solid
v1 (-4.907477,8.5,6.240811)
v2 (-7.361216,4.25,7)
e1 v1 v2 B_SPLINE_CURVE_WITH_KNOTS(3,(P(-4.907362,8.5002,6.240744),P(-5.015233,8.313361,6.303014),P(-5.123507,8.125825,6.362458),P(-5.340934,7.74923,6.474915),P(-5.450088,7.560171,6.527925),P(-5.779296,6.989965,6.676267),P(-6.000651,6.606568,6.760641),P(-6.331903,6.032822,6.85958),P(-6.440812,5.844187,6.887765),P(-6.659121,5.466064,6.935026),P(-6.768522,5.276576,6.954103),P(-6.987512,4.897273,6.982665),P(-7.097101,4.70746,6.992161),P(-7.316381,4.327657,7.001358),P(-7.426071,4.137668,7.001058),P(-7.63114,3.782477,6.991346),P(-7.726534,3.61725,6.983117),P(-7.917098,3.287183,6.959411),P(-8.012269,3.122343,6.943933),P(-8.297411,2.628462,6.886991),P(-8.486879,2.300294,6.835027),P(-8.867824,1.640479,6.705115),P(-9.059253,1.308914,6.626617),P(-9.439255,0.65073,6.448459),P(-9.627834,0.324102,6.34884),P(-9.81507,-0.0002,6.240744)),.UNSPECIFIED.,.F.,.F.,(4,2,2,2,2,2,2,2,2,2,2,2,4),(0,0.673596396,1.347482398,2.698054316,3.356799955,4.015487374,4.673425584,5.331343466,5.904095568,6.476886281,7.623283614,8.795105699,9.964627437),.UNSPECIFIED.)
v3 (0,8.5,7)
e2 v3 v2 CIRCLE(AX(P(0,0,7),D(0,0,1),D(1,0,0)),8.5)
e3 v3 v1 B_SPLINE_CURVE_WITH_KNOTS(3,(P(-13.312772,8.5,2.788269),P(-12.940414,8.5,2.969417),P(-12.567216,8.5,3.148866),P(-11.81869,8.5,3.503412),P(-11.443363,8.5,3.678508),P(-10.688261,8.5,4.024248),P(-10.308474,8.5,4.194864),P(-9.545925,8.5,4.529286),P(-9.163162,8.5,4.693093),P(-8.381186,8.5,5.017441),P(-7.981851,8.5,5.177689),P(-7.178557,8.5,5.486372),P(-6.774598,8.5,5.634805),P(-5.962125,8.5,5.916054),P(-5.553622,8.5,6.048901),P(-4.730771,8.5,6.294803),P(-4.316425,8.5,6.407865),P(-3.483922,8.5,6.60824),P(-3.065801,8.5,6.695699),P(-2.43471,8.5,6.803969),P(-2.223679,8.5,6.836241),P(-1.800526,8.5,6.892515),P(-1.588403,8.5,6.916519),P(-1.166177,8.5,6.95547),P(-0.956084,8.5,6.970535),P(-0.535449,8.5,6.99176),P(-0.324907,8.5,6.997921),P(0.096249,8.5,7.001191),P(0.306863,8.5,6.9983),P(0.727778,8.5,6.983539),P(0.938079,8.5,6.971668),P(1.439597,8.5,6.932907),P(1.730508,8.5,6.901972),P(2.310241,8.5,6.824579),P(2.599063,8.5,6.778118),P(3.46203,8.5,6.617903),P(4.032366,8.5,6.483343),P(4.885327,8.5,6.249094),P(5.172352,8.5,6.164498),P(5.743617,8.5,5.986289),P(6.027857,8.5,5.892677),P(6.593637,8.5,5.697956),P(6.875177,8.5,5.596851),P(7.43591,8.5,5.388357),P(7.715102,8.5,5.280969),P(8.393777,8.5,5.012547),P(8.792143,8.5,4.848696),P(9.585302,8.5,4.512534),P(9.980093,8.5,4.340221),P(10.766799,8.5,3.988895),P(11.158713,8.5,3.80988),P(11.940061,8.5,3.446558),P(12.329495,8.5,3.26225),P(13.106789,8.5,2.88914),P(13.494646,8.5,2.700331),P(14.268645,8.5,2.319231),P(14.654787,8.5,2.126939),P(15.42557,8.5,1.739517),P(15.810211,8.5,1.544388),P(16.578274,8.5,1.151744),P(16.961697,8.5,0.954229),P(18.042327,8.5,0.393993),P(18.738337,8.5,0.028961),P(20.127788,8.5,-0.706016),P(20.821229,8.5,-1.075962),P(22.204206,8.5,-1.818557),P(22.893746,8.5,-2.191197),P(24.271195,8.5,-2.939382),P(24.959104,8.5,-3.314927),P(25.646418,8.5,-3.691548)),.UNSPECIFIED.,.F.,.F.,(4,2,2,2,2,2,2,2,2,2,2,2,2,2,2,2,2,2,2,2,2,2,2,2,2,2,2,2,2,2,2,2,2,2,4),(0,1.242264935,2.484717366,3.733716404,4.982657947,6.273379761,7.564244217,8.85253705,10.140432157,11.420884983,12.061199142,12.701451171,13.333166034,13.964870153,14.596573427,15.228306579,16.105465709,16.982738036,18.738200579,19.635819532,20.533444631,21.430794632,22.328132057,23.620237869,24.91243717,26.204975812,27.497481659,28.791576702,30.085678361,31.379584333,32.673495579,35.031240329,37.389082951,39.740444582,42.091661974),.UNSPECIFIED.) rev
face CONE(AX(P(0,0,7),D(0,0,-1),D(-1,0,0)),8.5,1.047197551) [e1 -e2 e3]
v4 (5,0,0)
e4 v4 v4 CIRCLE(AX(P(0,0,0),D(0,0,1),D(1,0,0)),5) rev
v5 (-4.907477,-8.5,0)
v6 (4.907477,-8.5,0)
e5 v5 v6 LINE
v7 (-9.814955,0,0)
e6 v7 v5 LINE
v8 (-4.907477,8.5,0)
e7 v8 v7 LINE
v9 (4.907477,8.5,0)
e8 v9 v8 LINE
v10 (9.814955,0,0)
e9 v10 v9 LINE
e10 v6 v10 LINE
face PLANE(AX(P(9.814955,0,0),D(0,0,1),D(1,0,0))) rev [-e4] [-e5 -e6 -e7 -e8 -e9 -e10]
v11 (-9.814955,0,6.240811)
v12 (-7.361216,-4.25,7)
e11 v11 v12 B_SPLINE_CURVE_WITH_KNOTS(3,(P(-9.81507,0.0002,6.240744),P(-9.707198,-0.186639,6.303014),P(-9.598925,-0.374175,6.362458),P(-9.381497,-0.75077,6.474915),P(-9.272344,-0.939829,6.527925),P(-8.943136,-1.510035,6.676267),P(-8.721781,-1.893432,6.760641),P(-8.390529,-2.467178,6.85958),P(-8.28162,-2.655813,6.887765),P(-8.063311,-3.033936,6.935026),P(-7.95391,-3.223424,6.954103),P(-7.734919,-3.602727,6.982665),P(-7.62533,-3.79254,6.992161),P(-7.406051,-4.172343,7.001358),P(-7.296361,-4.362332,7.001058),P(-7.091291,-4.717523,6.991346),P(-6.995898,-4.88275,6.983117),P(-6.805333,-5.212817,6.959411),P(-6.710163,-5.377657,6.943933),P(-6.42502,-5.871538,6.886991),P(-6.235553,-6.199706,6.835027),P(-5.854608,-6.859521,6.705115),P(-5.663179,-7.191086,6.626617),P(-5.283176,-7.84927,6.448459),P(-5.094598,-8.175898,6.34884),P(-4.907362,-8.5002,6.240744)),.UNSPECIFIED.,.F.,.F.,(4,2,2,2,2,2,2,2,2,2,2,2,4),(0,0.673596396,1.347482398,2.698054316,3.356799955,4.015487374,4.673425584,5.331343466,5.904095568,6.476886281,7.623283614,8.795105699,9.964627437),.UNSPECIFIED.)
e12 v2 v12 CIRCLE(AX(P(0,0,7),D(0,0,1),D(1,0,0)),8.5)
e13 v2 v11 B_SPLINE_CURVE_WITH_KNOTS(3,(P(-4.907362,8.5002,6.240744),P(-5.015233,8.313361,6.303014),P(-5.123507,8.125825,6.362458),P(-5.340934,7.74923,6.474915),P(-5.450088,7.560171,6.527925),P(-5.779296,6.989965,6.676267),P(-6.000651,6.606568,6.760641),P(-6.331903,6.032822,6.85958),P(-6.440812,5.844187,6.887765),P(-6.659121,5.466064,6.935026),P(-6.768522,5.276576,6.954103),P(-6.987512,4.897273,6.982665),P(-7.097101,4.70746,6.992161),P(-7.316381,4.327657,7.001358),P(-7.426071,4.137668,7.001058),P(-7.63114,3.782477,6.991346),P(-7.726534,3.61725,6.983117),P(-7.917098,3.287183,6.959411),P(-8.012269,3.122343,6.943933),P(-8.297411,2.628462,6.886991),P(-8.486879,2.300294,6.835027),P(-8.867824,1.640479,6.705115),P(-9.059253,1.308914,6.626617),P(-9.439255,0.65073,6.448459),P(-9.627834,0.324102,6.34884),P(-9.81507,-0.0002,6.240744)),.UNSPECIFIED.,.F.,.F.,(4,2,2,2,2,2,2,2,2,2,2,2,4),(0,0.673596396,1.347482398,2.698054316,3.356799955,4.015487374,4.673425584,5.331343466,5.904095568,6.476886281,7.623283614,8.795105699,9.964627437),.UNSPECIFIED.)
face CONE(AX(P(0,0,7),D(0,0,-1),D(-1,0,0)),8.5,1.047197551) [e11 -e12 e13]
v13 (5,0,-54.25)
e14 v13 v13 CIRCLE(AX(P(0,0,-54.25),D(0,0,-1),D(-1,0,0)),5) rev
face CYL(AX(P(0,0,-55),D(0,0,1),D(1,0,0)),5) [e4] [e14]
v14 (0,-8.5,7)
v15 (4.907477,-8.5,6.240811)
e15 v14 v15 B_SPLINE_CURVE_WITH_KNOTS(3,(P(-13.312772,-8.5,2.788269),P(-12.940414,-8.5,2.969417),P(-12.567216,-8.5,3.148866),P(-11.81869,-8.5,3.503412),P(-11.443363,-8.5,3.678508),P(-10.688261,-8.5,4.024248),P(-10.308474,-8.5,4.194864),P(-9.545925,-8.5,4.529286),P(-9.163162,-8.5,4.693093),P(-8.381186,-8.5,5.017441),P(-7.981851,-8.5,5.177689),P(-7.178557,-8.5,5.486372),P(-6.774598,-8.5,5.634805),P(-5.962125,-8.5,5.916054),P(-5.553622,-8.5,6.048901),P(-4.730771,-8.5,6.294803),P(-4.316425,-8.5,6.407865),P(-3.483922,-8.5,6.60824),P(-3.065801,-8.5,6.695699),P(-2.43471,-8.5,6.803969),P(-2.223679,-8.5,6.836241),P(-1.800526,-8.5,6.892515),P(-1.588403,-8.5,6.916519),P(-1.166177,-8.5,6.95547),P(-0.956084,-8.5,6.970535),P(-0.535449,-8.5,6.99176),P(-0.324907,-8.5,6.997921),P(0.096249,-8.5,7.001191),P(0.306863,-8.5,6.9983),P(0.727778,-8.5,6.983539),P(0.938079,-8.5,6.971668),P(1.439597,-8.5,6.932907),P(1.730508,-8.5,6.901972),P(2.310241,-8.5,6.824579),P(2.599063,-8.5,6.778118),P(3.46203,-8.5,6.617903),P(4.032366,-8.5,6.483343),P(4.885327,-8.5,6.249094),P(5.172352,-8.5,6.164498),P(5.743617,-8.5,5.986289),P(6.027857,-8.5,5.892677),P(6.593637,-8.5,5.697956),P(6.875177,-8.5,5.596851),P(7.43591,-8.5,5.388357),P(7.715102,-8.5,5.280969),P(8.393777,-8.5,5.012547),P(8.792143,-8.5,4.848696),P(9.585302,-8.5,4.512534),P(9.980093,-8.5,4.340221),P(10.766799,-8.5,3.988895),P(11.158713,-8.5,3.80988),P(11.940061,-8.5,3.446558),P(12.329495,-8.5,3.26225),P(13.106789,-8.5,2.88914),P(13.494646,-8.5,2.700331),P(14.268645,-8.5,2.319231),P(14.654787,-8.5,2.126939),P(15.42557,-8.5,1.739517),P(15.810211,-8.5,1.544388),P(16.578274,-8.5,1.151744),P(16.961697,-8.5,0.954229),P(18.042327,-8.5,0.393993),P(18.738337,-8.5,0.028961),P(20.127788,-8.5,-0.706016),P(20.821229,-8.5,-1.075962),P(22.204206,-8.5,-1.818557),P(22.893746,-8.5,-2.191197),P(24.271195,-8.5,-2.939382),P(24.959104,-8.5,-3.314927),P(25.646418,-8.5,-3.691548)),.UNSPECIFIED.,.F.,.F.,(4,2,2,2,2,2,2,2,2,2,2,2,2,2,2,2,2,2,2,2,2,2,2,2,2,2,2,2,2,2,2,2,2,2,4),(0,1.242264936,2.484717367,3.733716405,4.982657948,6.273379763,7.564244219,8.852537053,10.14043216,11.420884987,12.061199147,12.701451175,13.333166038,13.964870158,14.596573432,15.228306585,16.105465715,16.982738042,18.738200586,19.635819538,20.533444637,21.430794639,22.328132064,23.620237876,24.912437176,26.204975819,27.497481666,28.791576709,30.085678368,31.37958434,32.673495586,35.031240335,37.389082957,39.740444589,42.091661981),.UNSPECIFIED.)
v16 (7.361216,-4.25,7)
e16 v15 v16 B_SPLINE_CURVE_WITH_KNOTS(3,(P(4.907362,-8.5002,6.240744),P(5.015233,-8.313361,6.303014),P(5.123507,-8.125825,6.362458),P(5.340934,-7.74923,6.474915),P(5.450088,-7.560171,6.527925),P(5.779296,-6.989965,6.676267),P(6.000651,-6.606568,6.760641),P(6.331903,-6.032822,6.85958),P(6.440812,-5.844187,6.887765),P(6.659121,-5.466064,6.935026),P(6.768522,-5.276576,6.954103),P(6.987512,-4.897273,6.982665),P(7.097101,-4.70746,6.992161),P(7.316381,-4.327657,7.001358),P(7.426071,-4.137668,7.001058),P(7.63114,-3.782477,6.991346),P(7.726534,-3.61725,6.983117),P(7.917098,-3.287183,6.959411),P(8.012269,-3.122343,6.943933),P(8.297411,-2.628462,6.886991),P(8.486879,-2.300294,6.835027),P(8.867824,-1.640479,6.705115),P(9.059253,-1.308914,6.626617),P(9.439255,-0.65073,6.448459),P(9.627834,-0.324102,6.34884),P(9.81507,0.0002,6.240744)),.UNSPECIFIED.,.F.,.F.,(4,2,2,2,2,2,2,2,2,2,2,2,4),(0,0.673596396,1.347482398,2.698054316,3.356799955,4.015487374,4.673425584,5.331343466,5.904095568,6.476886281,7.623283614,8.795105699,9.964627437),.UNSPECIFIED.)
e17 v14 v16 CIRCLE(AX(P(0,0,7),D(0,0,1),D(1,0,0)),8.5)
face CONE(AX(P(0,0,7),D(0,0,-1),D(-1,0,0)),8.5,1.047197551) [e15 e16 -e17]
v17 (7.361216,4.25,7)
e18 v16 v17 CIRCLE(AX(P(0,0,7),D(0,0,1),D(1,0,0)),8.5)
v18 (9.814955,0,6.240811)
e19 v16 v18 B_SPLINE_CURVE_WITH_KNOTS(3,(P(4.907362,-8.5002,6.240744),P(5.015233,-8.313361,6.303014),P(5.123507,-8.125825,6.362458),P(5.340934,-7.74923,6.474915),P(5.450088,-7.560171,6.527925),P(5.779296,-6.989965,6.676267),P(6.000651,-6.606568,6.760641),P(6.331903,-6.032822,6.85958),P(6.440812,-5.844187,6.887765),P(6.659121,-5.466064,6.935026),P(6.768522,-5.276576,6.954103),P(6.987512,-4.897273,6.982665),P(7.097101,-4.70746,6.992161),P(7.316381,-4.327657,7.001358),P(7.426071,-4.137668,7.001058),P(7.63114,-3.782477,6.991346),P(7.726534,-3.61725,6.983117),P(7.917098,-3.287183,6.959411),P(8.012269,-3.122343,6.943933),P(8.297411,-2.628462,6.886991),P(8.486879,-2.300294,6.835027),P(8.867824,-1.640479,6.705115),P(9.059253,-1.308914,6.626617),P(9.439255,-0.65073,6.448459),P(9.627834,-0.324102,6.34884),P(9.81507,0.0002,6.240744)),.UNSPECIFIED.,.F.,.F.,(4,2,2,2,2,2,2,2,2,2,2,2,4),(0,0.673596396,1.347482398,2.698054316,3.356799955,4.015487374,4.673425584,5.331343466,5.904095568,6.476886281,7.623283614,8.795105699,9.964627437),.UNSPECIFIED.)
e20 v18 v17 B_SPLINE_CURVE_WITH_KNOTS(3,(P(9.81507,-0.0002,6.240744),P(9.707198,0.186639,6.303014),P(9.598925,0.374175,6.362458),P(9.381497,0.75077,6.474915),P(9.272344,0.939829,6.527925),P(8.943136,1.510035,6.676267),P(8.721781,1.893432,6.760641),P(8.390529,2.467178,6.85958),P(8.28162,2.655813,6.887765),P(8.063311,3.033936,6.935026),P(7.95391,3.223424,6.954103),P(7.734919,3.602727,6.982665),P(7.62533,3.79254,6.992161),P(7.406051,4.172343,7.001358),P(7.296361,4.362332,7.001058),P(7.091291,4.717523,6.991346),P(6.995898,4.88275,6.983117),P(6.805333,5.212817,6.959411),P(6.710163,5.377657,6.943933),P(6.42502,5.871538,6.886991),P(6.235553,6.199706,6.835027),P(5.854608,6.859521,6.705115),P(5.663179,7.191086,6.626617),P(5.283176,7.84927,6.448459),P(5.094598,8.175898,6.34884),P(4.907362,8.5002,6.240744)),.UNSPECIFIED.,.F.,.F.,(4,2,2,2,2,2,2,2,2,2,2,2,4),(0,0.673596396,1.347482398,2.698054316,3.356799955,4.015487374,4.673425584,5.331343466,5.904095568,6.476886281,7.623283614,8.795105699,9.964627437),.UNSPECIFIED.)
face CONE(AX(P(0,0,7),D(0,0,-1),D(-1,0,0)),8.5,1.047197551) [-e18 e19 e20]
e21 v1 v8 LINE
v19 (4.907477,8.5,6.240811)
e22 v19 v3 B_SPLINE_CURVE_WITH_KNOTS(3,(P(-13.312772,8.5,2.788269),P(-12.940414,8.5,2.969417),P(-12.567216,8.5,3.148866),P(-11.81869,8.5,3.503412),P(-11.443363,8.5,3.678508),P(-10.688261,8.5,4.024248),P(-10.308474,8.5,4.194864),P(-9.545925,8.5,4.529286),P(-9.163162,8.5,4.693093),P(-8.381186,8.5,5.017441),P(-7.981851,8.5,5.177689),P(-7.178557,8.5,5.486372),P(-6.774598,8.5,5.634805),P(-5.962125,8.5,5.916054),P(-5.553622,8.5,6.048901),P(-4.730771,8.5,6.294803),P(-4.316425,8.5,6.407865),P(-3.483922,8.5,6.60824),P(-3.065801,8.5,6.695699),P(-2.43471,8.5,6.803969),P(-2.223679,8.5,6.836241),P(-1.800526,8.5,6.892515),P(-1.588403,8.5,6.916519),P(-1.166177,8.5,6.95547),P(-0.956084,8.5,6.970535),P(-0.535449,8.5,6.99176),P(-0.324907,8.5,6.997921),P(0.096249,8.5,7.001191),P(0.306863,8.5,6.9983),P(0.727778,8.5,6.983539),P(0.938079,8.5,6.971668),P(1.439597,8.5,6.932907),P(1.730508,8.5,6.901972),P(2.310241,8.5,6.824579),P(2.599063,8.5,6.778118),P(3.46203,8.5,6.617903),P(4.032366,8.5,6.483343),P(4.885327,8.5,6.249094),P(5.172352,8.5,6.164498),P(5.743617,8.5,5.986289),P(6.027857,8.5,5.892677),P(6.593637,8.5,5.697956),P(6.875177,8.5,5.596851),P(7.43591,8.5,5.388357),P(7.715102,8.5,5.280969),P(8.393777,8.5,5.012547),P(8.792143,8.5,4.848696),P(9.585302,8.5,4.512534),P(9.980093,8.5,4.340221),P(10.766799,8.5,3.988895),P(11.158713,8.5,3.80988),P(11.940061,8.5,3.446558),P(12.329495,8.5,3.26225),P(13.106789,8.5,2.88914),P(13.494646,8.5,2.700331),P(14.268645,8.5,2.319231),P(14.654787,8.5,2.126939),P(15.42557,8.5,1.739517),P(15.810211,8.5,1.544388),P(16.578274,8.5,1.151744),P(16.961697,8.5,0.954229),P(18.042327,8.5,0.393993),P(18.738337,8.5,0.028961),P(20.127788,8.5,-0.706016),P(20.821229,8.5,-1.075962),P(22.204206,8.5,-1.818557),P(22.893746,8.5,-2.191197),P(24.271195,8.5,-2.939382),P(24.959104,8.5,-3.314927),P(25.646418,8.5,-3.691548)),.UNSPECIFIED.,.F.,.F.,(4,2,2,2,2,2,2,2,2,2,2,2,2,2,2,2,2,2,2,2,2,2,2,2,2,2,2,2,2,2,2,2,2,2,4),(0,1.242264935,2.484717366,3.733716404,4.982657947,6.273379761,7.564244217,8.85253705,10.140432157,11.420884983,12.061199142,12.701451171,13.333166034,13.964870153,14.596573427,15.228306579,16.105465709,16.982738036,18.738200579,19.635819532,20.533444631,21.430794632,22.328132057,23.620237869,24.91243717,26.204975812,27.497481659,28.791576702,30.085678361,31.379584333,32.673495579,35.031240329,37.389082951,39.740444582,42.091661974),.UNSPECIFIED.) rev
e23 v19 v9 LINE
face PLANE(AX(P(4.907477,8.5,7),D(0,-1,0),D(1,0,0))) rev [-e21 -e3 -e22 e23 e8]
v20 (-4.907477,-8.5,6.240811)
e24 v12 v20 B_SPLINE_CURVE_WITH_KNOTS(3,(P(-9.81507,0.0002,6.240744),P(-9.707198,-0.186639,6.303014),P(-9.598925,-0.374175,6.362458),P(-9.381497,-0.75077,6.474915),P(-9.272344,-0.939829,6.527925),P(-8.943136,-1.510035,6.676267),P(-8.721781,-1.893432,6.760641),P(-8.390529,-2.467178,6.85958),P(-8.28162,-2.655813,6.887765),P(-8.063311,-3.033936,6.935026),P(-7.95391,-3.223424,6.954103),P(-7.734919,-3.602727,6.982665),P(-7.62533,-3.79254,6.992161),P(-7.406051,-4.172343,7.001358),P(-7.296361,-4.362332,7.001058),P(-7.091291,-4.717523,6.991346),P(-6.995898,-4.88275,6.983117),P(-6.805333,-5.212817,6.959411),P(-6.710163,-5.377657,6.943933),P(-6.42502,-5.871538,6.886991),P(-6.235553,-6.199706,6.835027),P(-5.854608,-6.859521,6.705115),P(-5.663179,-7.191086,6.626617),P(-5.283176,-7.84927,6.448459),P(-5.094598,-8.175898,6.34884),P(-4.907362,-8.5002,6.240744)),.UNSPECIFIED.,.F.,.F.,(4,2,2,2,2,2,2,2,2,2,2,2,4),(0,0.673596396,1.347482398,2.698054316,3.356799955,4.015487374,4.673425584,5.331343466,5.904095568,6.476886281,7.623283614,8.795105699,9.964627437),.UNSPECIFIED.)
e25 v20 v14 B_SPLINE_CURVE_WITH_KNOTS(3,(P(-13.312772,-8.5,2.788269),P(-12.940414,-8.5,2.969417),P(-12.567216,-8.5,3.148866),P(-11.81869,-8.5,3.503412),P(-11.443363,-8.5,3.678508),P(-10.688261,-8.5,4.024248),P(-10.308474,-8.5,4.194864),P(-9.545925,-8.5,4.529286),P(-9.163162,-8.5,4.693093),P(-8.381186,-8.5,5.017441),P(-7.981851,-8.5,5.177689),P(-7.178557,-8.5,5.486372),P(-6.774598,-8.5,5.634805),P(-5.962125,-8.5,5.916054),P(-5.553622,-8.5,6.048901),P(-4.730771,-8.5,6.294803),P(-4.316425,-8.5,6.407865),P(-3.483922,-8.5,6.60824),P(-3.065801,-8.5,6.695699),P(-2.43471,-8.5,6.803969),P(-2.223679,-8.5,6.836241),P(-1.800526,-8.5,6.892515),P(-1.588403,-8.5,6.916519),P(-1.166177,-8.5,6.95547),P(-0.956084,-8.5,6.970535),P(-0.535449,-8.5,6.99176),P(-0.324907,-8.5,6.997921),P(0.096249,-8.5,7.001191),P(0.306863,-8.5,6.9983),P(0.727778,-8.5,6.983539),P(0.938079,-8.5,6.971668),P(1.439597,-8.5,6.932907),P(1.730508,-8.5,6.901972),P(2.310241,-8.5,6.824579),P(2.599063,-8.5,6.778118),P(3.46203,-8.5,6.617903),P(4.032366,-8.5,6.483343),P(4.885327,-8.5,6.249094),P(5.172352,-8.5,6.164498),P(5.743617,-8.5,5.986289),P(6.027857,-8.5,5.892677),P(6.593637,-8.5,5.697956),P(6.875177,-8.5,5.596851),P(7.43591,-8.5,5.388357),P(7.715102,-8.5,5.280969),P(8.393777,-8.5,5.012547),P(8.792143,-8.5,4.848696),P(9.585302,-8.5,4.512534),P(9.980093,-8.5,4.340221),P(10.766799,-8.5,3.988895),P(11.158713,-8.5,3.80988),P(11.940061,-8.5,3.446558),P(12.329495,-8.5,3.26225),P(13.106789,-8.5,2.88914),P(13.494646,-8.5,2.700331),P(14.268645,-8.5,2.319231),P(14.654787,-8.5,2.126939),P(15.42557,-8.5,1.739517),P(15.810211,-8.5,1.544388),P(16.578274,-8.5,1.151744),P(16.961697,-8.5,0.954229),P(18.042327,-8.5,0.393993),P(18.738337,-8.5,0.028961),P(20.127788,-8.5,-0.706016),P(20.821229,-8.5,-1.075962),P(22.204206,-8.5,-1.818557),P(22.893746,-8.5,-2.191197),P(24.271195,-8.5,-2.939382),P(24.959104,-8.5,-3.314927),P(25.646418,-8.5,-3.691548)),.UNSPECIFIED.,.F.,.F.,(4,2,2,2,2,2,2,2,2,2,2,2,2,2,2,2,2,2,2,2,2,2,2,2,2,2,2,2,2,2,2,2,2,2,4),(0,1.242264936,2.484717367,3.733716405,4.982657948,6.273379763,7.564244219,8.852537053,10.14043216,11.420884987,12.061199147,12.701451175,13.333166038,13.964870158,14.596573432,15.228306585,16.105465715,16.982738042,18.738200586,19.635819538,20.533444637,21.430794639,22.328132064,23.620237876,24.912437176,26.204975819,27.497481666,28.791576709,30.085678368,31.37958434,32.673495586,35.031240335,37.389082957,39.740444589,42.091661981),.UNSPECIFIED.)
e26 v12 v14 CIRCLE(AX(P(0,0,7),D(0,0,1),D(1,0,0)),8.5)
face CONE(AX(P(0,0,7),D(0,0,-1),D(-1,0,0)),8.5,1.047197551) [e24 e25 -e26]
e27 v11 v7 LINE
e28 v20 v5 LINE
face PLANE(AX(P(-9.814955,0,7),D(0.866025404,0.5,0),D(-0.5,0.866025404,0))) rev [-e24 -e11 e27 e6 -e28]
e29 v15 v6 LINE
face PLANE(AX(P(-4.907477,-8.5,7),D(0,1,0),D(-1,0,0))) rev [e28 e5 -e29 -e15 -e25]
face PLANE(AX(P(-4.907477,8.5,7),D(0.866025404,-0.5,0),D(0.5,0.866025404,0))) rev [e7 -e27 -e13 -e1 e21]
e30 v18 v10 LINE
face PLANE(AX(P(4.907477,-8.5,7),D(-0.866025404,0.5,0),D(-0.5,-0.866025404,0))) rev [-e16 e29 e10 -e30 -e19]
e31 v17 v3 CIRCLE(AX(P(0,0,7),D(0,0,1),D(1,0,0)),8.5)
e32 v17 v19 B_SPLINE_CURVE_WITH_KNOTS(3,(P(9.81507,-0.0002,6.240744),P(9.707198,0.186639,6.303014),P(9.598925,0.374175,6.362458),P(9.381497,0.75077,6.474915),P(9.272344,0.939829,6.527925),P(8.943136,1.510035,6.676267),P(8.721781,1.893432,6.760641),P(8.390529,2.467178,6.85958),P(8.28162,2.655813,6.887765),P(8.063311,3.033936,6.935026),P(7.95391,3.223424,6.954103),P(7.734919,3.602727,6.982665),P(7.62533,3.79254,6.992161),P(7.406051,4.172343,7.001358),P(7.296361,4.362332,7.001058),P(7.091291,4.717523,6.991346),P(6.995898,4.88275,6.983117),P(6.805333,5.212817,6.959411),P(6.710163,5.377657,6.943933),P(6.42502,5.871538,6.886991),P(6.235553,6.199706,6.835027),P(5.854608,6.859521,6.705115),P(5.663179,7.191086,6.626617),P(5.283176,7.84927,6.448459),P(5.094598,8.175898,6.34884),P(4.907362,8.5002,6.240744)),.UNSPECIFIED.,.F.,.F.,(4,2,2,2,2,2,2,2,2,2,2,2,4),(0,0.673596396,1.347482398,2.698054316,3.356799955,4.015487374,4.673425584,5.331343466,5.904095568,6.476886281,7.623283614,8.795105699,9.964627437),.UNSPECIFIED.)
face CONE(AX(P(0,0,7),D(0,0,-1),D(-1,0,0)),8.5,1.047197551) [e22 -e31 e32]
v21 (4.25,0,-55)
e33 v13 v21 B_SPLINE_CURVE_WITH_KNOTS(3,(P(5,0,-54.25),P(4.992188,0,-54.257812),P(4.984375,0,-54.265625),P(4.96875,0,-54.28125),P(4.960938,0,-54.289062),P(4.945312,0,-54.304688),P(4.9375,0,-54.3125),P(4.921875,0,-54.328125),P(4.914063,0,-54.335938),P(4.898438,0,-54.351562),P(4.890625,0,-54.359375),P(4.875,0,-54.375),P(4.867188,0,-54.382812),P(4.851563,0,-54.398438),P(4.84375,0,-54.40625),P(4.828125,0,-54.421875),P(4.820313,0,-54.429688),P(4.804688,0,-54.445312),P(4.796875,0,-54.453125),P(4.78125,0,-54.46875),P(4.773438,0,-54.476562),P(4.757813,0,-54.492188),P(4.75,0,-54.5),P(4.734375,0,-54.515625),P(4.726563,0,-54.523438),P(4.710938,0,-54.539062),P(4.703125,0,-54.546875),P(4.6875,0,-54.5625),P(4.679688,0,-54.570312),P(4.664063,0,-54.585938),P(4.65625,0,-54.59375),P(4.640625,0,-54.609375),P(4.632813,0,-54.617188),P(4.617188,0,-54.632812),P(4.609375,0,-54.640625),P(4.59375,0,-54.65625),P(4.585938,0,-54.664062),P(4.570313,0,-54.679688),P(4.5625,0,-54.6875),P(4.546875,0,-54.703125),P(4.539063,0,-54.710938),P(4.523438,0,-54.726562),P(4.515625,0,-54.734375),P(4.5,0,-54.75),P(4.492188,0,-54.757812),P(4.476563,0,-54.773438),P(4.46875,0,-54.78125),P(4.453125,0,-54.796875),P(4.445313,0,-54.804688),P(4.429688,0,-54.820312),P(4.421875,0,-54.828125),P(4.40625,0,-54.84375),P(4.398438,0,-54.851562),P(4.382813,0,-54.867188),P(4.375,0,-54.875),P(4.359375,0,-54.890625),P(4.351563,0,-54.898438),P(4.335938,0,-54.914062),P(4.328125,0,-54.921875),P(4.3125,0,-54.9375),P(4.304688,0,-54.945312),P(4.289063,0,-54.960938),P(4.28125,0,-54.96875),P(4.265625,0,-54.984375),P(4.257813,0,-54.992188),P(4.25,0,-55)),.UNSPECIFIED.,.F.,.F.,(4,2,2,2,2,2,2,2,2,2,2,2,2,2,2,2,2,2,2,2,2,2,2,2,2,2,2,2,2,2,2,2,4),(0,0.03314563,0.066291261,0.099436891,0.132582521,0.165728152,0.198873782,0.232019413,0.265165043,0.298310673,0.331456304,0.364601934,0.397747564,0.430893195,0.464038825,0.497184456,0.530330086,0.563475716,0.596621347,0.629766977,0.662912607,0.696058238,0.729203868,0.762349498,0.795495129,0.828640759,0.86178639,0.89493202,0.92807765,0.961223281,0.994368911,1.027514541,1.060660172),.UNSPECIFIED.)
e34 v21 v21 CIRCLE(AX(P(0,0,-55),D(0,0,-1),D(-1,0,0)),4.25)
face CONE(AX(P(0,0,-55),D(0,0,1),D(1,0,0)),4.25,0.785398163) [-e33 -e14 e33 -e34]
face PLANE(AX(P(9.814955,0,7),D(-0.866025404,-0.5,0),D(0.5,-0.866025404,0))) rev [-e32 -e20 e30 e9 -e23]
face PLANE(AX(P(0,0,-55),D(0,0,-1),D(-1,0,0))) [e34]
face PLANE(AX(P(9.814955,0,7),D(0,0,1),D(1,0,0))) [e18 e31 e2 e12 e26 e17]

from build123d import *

# Parameters (mm, degrees)
BOSS_EXTRUDE1_DEPTH = 7
SKETCH3_R           = 5
BOSS_EXTRUDE2_DEPTH = 55
CHAMFER1_SIZE       = 0.75


with BuildPart() as part:
    # Sketch1 → Boss-Extrude1 (new body)
    with BuildSketch(Plane.XY):
        Polygon((9.814954576, 0), (4.907477288, 8.5), (-4.907477288, 8.5), (-9.814954576, 0), (-4.907477288, -8.5), (4.907477288, -8.5), align=None)
    extrude(amount=BOSS_EXTRUDE1_DEPTH)

    # Sketch2 → Cut-Revolve1 (revolve, cut)
    with BuildSketch(Plane(origin=(0, 0, 0), x_dir=(0, 0, -1), z_dir=(1, 0, 0))):
        Polygon((-7, 8.5), (-7, 13.5), (-4.113248654, 13.5), align=None)
    revolve(axis=Axis((0, 0, 7), (0, 0, -1)), mode=Mode.SUBTRACT)

    # Sketch3 → Boss-Extrude2 (add)
    with BuildSketch(Plane(origin=(0, 0, 0), x_dir=(-1, 0, 0), z_dir=(0, 0, -1))):
        with Locations(Location((0, 0, 0), (0, 0, 180))):
            Circle(SKETCH3_R)
    extrude(amount=BOSS_EXTRUDE2_DEPTH)

    # Chamfer1
    chamfer1_edges = [part.edges().sort_by_distance(p)[0] for p in [
        (-5, 0, -55),
    ]]
    chamfer(chamfer1_edges, length=CHAMFER1_SIZE)


solid = part.part
